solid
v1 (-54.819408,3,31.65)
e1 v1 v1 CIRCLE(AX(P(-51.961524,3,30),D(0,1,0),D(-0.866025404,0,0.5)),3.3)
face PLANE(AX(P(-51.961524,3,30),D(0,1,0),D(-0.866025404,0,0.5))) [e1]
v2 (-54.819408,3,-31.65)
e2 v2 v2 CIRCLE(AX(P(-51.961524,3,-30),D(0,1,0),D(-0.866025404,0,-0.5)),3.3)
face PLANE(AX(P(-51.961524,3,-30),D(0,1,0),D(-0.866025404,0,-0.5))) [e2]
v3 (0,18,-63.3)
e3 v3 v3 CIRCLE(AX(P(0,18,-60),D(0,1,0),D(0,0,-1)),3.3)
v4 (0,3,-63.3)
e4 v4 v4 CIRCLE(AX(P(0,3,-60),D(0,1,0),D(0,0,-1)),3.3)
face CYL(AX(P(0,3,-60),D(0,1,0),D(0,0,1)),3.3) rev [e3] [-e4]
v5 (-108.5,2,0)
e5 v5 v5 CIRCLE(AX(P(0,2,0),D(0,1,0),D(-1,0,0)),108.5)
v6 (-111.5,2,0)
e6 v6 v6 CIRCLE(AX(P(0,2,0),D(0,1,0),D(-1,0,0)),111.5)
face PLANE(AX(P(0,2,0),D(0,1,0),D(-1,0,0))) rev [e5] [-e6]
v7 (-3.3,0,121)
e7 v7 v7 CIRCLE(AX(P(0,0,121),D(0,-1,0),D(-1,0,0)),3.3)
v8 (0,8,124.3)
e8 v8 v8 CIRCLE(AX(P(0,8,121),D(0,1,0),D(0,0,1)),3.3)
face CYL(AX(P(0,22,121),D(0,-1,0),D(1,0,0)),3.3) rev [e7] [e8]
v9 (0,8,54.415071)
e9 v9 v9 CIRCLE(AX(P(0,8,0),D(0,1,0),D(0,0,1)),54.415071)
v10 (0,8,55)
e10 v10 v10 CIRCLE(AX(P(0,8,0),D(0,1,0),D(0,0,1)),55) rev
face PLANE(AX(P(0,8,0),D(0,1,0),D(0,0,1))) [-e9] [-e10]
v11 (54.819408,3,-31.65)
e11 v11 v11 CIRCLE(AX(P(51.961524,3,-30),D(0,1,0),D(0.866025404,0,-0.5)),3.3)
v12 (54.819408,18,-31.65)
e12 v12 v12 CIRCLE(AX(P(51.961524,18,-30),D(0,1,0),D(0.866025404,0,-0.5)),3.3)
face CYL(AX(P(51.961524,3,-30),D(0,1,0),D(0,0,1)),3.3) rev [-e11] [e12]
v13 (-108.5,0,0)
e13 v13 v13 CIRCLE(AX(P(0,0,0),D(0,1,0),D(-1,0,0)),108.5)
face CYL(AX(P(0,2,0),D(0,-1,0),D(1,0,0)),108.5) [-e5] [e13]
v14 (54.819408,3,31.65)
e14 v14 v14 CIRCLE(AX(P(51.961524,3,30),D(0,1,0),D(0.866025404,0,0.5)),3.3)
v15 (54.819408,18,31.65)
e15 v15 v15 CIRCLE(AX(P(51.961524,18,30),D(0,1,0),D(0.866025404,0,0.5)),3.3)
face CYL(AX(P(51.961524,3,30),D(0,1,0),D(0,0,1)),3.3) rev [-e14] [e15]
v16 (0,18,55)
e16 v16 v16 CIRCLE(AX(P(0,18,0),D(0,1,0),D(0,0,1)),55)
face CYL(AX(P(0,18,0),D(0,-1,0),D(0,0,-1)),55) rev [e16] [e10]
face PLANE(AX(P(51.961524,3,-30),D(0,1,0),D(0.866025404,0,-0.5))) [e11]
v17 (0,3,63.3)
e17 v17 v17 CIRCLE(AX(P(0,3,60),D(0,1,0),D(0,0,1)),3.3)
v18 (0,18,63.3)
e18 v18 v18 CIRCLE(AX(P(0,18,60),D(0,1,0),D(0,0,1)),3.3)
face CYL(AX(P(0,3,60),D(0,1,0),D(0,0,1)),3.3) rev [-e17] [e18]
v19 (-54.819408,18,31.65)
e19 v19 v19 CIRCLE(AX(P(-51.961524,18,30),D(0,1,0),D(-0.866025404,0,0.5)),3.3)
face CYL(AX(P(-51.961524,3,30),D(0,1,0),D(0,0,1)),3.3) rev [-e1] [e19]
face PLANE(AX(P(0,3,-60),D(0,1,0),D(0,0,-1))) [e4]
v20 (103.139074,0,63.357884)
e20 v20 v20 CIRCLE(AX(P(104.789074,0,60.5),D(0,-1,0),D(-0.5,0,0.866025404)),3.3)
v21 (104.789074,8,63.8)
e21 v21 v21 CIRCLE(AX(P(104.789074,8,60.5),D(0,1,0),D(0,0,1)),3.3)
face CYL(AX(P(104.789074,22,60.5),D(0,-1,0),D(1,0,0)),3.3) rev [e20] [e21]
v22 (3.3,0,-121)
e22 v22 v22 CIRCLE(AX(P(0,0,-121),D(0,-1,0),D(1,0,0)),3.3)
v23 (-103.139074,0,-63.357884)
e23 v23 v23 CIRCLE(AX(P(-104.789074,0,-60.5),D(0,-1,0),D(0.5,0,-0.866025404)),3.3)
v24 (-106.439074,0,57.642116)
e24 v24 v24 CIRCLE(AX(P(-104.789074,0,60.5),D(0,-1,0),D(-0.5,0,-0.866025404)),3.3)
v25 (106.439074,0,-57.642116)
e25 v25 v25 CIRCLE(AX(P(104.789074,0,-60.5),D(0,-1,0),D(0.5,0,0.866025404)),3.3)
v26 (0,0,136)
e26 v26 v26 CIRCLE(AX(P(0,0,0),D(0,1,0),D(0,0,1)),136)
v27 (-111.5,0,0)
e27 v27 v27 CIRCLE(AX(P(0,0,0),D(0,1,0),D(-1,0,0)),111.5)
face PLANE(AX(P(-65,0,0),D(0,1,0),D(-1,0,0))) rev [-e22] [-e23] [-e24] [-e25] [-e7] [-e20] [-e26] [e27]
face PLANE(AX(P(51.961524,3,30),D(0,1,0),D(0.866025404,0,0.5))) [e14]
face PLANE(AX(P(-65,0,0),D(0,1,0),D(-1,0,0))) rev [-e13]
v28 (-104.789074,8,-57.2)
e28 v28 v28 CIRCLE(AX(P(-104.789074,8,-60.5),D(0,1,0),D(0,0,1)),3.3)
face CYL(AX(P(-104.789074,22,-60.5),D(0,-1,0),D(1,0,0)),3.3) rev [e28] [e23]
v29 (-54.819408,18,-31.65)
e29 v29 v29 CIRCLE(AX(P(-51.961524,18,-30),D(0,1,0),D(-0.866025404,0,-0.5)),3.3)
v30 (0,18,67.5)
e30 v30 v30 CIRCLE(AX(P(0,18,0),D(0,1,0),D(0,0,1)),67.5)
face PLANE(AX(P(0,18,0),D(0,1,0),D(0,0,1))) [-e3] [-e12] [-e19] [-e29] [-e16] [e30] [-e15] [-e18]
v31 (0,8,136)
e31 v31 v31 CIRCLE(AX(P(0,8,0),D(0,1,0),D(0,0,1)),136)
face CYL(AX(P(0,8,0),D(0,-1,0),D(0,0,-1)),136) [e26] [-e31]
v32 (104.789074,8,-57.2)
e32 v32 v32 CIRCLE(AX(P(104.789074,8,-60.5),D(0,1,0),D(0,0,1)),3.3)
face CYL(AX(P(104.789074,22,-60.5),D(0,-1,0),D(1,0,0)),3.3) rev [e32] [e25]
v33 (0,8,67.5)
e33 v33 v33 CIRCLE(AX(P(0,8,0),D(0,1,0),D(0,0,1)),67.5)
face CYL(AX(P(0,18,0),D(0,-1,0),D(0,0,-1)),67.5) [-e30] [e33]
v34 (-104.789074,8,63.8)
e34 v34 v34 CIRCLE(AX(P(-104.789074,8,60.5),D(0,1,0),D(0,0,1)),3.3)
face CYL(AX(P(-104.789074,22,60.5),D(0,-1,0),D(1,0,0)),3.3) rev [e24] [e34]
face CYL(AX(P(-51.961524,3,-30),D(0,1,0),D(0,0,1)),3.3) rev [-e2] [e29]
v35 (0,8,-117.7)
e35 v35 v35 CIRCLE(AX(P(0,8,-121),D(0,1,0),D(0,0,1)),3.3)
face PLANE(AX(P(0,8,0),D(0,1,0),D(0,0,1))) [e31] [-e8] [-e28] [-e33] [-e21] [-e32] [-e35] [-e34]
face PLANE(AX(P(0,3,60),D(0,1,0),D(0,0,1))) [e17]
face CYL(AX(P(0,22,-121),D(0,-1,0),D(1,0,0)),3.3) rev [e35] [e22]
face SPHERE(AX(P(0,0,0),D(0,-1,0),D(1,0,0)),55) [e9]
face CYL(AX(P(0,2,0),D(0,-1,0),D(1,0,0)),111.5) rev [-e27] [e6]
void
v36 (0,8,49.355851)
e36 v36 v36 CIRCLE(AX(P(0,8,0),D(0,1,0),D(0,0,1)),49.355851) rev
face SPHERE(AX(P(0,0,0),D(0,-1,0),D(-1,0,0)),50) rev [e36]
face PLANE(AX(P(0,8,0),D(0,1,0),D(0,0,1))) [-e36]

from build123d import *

# Parameters (mm, degrees)
SKETCH2_R           = 136
BOSS_EXTRUDE1_DEPTH = 8
SKETCH3_R           = 111.5
SKETCH3_R_2         = 108.5
CUT_EXTRUDE1_DEPTH  = 2
SKETCH4_R           = 3.3
CUT_EXTRUDE2_DEPTH  = 22
CIRPATTERN1_COUNT   = 6
SKETCH6_R           = 67.5
SKETCH6_R_2         = 55
BOSS_EXTRUDE2_DEPTH = 10
SKETCH7_R           = 3.3
CUT_EXTRUDE3_DEPTH  = 15
CIRPATTERN2_COUNT   = 6


with BuildPart() as part:
    # Sketch1 → Revolve1 (revolve)
    with BuildSketch(Plane.XY, mode=Mode.PRIVATE) as revolve1_sk:
        with BuildLine():
            Line((-65, 0), (-65, 5))
            Line((-65, 5), (-54.772255751, 5))
            ThreePointArc((-54.772255751, 5), (-37.080992435, 40.620192023), (0, 55))
            Line((0, 55), (0, 50))
            ThreePointArc((0, 50), (-35.355339059, 35.355339059), (-50, 0))
            Line((-50, 0), (-65, 0))
        make_face()
    revolve(revolve1_sk.sketch.rotate(Axis((0, 0, 0), (0, 1, 0)), 180), axis=Axis((0, 0, 0), (0, 1, 0)))

    # Sketch2 → Boss-Extrude1 (add)
    with BuildSketch(Plane(origin=(0, 0, 0), x_dir=(1, 0, 0), z_dir=(0, 1, 0))):
        with Locations(Location((0, 0, 0), (0, 0, 270))):
            Circle(SKETCH2_R)
    extrude(amount=BOSS_EXTRUDE1_DEPTH)

    # Sketch3 → Cut-Extrude1 (cut)
    with BuildSketch(Plane(origin=(0, 0, 0), x_dir=(1, 0, 0), z_dir=(0, 1, 0))):
        with Locations(Location((0, 0, 0), (0, 0, 180))):
            Circle(SKETCH3_R)
        with Locations(Location((0, 0, 0), (0, 0, 180))):
            Circle(SKETCH3_R_2, mode=Mode.SUBTRACT)
    extrude(amount=CUT_EXTRUDE1_DEPTH, mode=Mode.SUBTRACT)

    # Sketch4 → Cut-Extrude2 (cut)
    with BuildSketch(Plane(origin=(0, 0, 0), x_dir=(-1, 0, 0), z_dir=(0, -1, 0))):
        with Locations(Location((0, 121, 0), (0, 0, 180))):
            Circle(SKETCH4_R)
    cut_extrude2 = extrude(amount=-CUT_EXTRUDE2_DEPTH, mode=Mode.SUBTRACT)

    # CirPattern1: Cut-Extrude2 ×6 about axis
    cirpattern1_axis = Axis((0, 0, 0), (0, 1, 0))
    for i in range(1, CIRPATTERN1_COUNT):
        add(cut_extrude2.rotate(cirpattern1_axis, i * 360 / CIRPATTERN1_COUNT), mode=Mode.SUBTRACT)

    # Sketch6 → Boss-Extrude2 (add)
    with BuildSketch(Plane(origin=(0, 8, 0), x_dir=(1, 0, 0), z_dir=(0, 1, 0))):
        with Locations(Location((0, 0, 0), (0, 0, 270))):
            Circle(SKETCH6_R)
        with Locations(Location((0, 0, 0), (0, 0, 270))):
            Circle(SKETCH6_R_2, mode=Mode.SUBTRACT)
    extrude(amount=BOSS_EXTRUDE2_DEPTH)

    # Sketch7 → Cut-Extrude3 (cut)
    with BuildSketch(Plane(origin=(0, 18, 0), x_dir=(1, 0, 0), z_dir=(0, 1, 0))):
        with Locations(Location((0, -60, 0), (0, 0, 270))):
            Circle(SKETCH7_R)
    cut_extrude3 = extrude(amount=-CUT_EXTRUDE3_DEPTH, mode=Mode.SUBTRACT)

    # CirPattern2: Cut-Extrude3 ×6 about axis
    cirpattern2_axis = Axis((0, 0, 0), (0, 1, 0))
    for i in range(1, CIRPATTERN2_COUNT):
        add(cut_extrude3.rotate(cirpattern2_axis, i * 360 / CIRPATTERN2_COUNT), mode=Mode.SUBTRACT)


solid = part.part
